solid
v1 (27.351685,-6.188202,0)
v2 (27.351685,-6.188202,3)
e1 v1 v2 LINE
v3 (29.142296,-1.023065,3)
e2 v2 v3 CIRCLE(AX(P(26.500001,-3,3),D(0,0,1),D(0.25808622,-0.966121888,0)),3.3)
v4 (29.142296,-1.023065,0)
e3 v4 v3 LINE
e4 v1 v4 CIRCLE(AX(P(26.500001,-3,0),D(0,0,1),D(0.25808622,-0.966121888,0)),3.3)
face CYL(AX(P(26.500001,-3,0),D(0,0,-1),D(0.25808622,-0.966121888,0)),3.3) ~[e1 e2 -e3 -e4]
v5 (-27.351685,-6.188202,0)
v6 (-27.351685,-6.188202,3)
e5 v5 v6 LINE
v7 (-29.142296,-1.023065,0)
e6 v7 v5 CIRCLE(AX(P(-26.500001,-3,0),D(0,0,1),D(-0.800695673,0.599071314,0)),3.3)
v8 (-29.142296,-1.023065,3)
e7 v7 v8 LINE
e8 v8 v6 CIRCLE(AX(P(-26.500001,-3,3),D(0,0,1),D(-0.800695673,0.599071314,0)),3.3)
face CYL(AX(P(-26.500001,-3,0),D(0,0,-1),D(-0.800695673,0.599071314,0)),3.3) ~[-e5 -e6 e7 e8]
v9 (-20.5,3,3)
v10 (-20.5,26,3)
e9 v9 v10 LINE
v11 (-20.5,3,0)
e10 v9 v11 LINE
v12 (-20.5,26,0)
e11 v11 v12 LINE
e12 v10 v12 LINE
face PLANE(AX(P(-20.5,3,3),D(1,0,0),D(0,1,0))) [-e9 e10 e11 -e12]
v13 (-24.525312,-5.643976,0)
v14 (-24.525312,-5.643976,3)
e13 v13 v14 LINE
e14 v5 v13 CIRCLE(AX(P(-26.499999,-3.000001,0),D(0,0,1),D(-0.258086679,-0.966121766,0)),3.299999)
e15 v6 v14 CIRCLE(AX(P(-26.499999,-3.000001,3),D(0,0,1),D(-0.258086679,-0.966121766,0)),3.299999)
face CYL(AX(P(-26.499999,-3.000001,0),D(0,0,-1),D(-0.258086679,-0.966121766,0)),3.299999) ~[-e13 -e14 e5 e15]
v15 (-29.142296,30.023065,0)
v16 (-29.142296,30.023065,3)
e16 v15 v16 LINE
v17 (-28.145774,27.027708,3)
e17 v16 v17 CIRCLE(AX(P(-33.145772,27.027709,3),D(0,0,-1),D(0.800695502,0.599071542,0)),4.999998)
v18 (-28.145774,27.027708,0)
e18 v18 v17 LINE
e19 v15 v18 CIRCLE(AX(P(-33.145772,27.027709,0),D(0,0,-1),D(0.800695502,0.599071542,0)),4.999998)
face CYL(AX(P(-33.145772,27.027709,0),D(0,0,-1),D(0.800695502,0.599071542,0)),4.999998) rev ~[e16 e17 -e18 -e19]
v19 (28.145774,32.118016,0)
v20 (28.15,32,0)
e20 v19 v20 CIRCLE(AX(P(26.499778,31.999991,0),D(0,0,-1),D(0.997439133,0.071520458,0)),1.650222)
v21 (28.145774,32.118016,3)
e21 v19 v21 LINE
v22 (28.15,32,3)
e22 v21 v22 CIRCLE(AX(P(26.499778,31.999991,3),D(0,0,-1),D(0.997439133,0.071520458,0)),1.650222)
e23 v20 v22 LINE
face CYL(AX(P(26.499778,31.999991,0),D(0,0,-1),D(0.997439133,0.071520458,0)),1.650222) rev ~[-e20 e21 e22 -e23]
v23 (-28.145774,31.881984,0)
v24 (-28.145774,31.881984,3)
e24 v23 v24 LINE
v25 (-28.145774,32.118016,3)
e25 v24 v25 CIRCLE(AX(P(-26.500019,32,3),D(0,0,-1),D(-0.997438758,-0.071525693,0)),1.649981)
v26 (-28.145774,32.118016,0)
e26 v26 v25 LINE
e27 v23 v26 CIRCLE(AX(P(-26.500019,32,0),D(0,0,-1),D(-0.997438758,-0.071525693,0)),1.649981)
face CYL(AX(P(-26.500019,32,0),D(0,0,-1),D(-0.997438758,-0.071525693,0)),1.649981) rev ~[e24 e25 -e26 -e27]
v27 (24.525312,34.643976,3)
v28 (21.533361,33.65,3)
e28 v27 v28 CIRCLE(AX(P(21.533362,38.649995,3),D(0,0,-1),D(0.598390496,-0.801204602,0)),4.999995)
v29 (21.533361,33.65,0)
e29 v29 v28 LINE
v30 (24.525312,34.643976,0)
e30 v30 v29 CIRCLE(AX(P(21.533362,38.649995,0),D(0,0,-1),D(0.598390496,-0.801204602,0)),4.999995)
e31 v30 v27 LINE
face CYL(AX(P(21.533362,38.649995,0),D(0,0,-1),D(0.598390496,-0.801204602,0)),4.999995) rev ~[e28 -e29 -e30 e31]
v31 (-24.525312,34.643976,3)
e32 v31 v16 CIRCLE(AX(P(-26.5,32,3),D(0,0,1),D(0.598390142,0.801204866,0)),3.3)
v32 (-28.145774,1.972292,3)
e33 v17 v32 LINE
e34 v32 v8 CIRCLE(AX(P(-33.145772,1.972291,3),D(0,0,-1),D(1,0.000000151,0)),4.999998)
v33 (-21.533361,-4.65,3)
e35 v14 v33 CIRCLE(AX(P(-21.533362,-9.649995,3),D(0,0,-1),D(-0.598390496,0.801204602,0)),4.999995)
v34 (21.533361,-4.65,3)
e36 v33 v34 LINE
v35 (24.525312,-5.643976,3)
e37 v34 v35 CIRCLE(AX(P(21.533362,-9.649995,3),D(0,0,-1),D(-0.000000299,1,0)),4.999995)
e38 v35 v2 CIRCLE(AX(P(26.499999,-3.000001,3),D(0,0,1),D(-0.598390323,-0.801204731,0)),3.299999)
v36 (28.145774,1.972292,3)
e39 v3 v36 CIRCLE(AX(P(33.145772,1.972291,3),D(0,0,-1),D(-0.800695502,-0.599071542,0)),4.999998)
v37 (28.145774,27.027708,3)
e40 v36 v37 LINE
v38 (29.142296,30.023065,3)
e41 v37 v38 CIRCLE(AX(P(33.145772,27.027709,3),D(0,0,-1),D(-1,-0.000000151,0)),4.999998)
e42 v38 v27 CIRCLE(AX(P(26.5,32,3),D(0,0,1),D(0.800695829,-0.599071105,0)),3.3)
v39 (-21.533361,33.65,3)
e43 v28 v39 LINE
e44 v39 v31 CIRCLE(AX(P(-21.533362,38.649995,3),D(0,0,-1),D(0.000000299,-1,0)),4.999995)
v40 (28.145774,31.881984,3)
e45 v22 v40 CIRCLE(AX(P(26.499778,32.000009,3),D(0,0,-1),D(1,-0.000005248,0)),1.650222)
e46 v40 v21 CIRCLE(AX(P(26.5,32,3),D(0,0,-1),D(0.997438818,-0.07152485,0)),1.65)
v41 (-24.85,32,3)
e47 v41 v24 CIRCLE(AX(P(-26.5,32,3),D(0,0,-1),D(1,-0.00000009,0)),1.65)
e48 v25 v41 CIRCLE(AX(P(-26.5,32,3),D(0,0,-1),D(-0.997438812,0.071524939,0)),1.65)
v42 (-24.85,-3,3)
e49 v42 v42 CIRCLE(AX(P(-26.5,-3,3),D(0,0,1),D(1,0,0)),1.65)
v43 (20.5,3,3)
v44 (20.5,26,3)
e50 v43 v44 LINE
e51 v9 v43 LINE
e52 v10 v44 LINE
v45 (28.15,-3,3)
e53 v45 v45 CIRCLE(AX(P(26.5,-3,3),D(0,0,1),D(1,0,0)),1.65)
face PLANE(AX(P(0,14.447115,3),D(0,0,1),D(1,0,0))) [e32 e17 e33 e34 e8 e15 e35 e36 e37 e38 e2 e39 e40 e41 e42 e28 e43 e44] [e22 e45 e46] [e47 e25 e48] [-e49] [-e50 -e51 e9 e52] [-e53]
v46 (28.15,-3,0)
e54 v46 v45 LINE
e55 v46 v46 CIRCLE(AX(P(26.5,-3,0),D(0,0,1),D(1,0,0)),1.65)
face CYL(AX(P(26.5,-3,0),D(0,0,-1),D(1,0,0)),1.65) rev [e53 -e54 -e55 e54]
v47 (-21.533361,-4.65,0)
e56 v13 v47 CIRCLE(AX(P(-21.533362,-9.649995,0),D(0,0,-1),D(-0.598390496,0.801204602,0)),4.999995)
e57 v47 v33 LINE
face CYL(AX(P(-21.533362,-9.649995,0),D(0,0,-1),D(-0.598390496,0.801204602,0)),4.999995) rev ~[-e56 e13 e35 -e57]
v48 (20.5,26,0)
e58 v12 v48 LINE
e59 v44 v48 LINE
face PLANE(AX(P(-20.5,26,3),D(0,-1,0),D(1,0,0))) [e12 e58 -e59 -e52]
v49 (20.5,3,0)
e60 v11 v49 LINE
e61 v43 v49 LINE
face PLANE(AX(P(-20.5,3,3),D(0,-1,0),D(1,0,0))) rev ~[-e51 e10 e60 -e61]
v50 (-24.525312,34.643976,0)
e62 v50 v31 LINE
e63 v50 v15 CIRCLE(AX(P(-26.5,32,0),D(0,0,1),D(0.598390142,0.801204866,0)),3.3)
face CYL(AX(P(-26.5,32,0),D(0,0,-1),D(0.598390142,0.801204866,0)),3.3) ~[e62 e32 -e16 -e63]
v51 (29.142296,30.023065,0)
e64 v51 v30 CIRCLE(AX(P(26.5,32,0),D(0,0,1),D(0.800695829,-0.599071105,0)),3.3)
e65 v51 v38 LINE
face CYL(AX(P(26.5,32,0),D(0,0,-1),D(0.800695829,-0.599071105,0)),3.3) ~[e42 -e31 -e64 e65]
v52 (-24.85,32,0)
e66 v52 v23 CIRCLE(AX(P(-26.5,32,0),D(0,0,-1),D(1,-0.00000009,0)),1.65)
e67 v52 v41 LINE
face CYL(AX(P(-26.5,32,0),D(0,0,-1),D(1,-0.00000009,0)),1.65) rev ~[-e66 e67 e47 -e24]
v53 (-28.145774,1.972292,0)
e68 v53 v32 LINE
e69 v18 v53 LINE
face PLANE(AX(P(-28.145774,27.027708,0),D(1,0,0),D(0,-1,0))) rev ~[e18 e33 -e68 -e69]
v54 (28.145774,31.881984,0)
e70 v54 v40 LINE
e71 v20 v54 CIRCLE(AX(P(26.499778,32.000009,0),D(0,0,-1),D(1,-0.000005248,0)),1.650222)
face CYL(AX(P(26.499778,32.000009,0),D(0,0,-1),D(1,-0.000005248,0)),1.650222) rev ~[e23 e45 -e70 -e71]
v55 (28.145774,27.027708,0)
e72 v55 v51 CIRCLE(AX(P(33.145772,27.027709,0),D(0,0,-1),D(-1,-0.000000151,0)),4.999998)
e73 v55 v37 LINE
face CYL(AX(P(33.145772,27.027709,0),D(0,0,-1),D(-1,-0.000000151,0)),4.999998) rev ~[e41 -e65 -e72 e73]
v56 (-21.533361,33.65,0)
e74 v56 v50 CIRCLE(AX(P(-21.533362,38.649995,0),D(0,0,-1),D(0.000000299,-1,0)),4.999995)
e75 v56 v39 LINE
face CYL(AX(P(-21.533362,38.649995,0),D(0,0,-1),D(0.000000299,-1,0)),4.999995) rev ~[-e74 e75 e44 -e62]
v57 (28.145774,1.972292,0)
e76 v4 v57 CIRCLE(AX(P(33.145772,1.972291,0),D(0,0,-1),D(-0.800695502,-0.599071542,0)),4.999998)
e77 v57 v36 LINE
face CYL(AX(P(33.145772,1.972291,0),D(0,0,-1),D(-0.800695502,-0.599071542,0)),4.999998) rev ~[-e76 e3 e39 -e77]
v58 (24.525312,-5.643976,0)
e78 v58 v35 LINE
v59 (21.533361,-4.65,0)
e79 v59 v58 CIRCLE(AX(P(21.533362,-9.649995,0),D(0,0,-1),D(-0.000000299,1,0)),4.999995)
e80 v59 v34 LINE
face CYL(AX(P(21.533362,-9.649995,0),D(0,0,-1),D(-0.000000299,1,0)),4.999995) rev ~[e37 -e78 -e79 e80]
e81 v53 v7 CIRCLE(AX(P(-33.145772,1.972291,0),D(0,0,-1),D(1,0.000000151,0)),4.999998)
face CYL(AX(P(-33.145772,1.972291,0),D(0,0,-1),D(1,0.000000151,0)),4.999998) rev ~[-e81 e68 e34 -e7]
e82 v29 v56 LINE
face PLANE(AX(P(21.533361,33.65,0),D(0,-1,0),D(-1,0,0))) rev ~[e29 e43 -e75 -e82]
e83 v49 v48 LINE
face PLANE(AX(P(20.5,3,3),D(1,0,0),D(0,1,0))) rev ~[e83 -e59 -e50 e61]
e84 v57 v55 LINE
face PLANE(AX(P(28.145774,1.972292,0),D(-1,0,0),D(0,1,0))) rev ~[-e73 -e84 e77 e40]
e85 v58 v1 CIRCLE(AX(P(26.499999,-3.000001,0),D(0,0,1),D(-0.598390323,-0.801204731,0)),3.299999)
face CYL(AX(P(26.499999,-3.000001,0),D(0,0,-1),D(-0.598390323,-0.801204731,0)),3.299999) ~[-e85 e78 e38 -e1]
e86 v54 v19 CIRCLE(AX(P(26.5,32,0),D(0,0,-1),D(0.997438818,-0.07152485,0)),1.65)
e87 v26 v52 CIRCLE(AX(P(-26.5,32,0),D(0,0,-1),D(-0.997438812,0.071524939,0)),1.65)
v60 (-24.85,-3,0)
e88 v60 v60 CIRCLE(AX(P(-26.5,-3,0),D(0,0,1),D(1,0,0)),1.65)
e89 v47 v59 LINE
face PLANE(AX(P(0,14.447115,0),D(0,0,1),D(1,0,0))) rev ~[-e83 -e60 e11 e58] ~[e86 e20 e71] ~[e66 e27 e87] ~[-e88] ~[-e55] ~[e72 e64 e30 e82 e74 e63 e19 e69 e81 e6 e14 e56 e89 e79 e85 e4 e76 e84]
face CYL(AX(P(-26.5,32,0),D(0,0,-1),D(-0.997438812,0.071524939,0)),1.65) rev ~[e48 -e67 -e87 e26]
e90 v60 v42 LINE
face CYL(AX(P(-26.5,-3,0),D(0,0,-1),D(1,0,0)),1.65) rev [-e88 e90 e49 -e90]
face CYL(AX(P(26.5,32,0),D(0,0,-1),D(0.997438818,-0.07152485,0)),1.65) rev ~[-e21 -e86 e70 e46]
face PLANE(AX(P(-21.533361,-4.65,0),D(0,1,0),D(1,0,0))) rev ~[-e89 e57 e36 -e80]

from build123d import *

# Parameters (mm, degrees)
F0_W     = 47
F0_H     = 29
F1_DEPTH = 3
F0_R     = 1.65
F2_DEPTH = 3
F3_W     = 41
F3_H     = 23
F4_DEPTH = 3.001


with BuildPart() as f1:
    # F0 (on Top) → F1 (new body)
    with BuildSketch(Plane.XY):
        with Locations((0, 14.5)):
            Rectangle(F0_W, F0_H)
    extrude(amount=F1_DEPTH)

    # F0 (on Top) → F2 (join)
    with BuildSketch(Plane.XY):
        with BuildLine():
            ThreePointArc((-21.533361, 33.65), (-23.10973, 33.904996), (-24.525312, 34.643976))
            ThreePointArc((-24.525312, 34.643976), (-28.834444, 34.33246), (-29.142296, 30.023065))
            ThreePointArc((-29.142296, 30.023065), (-28.401441, 28.606095), (-28.145774, 27.027708))
            Line((-28.145774, 27.027708), (-28.145774, 1.972292))
            ThreePointArc((-28.145774, 1.972292), (-28.401441, 0.393905), (-29.142296, -1.023065))
            ThreePointArc((-29.142296, -1.023065), (-29.617954, -4.080909), (-27.351685, -6.188202))
            ThreePointArc((-27.351685, -6.188202), (-25.876037, -6.240474), (-24.525312, -5.643976))
            ThreePointArc((-24.525312, -5.643976), (-23.10973, -4.904996), (-21.533361, -4.65))
            Line((-21.533361, -4.65), (21.533361, -4.65))
            ThreePointArc((21.533361, -4.65), (23.10973, -4.904996), (24.525312, -5.643976))
            ThreePointArc((24.525312, -5.643976), (25.876037, -6.240474), (27.351685, -6.188202))
            ThreePointArc((27.351685, -6.188202), (29.617954, -4.080909), (29.142296, -1.023065))
            ThreePointArc((29.142296, -1.023065), (28.401441, 0.393905), (28.145774, 1.972292))
            Line((28.145774, 1.972292), (28.145774, 27.027708))
            ThreePointArc((28.145774, 27.027708), (28.401441, 28.606095), (29.142296, 30.023065))
            ThreePointArc((29.142296, 30.023065), (28.834444, 34.33246), (24.525312, 34.643976))
            ThreePointArc((24.525312, 34.643976), (23.10973, 33.904996), (21.533361, 33.65))
            Line((21.533361, 33.65), (-21.533361, 33.65))
        make_face()
        with Locations((-26.5, -3)):
            Circle(F0_R, mode=Mode.SUBTRACT)
        with Locations((26.5, -3)):
            Circle(F0_R, mode=Mode.SUBTRACT)
        with BuildLine():
            ThreePointArc((-28.145774, 32.118016), (-26.440954, 33.648943), (-24.85, 32))
            ThreePointArc((-24.85, 32), (-26.440954, 30.351057), (-28.145774, 31.881984))
            ThreePointArc((-28.145774, 31.881984), (-28.15, 32), (-28.145774, 32.118016))
        make_face(mode=Mode.SUBTRACT)
        with Locations((0, 14.5)):
            Rectangle(F0_W, F0_H, mode=Mode.SUBTRACT)
        with BuildLine():
            ThreePointArc((28.145774, 32.118016), (28.148943, 32.059046), (28.15, 32))
            ThreePointArc((28.15, 32), (28.148943, 31.940954), (28.145774, 31.881984))
            ThreePointArc((28.145774, 31.881984), (24.85, 32), (28.145774, 32.118016))
        make_face(mode=Mode.SUBTRACT)
    extrude(amount=F2_DEPTH)

    # F3 (on face) → F4 (cut, through all)
    with BuildSketch(Plane.XY.offset(3)):
        with Locations((0, 14.5)):
            Rectangle(F3_W, F3_H)
    extrude(amount=-F4_DEPTH, mode=Mode.SUBTRACT)


solid = f1.part
